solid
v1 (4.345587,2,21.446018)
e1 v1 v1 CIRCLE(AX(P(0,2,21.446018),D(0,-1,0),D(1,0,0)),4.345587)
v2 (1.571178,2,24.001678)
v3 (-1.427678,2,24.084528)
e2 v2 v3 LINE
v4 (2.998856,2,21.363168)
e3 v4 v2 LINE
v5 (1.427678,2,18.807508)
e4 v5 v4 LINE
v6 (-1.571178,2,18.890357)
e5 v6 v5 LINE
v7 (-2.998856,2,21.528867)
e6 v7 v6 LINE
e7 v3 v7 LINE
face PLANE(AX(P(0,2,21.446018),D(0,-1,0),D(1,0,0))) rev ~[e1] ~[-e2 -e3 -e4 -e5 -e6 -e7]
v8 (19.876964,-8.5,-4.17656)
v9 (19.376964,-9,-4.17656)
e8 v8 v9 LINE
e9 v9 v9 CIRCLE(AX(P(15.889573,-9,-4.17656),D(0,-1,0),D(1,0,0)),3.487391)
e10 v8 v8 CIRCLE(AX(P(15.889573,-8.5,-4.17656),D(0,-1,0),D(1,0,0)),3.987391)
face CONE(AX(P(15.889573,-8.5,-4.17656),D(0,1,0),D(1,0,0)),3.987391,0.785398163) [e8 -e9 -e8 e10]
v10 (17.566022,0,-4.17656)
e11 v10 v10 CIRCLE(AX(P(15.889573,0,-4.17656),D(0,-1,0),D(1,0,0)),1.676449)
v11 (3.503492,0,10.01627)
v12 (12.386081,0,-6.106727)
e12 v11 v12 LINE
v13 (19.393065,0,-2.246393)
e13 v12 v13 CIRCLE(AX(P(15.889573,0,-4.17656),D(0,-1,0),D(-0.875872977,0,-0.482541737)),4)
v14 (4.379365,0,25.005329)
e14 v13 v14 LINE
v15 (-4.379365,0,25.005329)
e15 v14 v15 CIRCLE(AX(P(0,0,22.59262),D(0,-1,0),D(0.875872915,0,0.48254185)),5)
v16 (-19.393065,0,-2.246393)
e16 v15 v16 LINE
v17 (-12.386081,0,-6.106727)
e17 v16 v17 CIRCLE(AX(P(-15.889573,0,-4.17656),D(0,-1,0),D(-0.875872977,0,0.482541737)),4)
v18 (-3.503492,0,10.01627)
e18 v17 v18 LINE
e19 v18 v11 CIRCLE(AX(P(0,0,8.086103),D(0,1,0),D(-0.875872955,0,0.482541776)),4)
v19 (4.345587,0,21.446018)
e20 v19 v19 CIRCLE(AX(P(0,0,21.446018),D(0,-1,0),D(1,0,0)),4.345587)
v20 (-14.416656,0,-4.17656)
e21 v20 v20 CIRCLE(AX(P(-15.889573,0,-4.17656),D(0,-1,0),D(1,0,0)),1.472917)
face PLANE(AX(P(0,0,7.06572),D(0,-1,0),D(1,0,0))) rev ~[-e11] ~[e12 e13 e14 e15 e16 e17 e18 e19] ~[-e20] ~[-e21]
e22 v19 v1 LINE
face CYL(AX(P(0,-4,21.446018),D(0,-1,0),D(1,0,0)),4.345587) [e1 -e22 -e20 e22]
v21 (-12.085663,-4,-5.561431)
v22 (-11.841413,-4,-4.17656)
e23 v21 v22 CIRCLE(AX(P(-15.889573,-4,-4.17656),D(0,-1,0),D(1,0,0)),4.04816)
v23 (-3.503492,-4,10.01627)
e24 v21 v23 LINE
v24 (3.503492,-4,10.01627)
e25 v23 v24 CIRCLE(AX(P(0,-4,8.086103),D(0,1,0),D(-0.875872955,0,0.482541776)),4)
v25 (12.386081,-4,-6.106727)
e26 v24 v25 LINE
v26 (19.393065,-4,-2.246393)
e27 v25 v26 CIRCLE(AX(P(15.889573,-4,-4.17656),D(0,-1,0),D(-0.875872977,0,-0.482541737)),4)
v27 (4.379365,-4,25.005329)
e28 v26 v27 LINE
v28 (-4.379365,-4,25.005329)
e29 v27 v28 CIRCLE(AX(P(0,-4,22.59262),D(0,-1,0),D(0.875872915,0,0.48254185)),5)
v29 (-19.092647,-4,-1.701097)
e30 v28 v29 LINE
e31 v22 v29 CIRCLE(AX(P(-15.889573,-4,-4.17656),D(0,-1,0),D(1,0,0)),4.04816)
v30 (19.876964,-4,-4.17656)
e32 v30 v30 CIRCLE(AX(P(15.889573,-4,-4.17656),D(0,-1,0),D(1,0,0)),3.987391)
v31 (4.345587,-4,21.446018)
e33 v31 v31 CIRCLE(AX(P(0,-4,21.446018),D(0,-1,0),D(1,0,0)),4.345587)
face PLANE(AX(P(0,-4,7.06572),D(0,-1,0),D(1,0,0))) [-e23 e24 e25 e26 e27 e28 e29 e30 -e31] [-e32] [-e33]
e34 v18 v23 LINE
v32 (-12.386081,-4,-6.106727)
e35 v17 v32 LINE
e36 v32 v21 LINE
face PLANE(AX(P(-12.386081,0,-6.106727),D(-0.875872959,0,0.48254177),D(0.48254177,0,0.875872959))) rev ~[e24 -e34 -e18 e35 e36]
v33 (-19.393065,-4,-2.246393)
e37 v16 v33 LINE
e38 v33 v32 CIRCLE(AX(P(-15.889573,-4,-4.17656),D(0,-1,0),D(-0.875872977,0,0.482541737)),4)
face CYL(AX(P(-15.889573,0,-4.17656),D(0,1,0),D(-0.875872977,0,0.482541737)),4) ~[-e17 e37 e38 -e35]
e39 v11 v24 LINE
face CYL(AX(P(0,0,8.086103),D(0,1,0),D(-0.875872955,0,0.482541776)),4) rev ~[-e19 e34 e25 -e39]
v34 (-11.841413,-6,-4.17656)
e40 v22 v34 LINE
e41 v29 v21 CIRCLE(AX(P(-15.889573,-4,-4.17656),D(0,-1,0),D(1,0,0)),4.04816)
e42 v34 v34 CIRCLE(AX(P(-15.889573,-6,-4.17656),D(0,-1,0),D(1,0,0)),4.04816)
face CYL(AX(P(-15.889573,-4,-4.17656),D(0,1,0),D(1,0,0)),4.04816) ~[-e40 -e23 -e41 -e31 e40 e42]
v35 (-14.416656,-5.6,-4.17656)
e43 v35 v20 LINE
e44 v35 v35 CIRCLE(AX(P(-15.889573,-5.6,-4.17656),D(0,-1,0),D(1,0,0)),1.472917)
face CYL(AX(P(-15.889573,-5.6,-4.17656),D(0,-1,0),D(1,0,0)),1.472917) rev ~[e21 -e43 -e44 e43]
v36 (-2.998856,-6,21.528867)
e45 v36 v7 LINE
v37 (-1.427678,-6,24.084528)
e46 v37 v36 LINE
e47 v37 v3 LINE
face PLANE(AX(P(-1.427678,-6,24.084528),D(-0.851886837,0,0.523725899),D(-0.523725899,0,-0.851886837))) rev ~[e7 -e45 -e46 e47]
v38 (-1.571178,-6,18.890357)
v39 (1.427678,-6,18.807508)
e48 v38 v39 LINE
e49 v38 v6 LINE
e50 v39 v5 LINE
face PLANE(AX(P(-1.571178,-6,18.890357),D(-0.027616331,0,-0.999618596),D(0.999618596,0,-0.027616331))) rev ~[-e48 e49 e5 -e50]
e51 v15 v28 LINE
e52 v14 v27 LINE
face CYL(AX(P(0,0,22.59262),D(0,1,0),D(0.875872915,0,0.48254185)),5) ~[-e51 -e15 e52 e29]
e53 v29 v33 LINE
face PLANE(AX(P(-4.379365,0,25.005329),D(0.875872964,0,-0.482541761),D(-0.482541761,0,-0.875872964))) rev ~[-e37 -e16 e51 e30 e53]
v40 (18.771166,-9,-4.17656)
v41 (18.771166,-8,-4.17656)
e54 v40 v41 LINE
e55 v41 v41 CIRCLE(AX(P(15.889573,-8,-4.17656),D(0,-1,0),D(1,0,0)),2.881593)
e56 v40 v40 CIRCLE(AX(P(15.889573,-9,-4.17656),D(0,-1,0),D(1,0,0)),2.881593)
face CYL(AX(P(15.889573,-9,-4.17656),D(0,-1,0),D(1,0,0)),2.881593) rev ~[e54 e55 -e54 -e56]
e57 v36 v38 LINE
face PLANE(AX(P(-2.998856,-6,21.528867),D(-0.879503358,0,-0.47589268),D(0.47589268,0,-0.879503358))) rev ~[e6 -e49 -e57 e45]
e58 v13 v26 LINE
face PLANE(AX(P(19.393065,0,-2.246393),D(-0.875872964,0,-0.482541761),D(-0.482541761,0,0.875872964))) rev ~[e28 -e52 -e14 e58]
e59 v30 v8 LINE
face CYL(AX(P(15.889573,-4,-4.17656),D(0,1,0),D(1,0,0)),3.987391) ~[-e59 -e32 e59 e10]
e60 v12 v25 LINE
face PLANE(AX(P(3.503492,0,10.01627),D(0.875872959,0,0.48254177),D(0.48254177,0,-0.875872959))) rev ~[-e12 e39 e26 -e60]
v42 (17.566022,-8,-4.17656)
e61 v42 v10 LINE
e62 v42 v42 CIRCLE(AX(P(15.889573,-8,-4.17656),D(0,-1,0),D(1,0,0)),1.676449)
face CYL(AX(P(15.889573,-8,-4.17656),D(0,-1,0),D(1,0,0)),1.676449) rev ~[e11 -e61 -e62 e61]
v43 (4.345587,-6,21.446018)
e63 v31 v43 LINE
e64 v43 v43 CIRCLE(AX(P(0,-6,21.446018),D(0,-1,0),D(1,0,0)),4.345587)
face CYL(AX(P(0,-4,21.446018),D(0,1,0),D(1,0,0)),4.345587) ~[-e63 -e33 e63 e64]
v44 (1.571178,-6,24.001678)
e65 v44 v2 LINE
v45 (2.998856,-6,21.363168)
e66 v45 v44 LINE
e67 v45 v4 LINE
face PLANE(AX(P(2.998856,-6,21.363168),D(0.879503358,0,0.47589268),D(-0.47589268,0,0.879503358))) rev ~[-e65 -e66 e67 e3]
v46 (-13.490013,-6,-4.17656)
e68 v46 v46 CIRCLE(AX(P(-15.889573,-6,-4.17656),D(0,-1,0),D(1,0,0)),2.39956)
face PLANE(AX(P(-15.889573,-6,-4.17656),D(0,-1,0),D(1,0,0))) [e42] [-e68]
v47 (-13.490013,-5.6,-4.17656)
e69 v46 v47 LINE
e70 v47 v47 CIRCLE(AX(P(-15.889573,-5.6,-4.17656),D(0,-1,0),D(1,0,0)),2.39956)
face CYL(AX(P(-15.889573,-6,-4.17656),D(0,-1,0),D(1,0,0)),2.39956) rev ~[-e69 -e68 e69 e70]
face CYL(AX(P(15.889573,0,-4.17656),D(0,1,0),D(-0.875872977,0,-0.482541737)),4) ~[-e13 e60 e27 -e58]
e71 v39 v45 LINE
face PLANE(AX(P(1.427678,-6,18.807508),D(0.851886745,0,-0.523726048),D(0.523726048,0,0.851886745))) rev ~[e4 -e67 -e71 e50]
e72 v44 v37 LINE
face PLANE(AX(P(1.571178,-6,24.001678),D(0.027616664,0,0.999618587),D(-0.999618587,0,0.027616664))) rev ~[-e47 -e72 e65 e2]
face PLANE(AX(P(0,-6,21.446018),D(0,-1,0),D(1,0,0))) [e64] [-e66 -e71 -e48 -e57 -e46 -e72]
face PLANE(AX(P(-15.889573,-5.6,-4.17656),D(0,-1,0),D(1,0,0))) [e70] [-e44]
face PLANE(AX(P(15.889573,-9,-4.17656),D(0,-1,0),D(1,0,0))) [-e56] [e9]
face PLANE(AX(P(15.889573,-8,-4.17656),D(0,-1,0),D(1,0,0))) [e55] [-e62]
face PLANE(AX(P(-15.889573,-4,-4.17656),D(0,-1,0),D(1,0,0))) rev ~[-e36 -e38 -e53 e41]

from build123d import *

# Parameters (mm, degrees)
F1_DEPTH      = 4
F2_R          = 4.345587
F3_DEPTH      = 2
F3_DEPTH_BACK = 6
F5_DEPTH      = 25
F6_R          = 4.04816
F7_DEPTH      = 2
F8_R          = 2.39956
F9_DEPTH      = 0.4
F10_R         = 1.472917
F11_DEPTH     = 25
F12_R         = 3.987391
F13_DEPTH     = 5
F14_R         = 2.881593
F15_DEPTH     = 1
F16_R         = 1.676449
F17_DEPTH     = 25
F18_SIZE      = 0.5


with BuildPart() as f1:
    # F0 (on Front) → F1 (new body)
    with BuildSketch(Plane.XZ):
        with BuildLine():
            Line((19.393065, -2.246393), (4.379365, 25.005329))
            ThreePointArc((4.379365, 25.005329), (0, 27.59262), (-4.379365, 25.005329))
            Line((-4.379365, 25.005329), (-19.393065, -2.246393))
            ThreePointArc((-19.393065, -2.246393), (-17.81974, -7.680052), (-12.386081, -6.106727))
            Line((-12.386081, -6.106727), (-3.503492, 10.01627))
            ThreePointArc((-3.503492, 10.01627), (0, 12.086103), (3.503492, 10.01627))
            Line((3.503492, 10.01627), (12.386081, -6.106727))
            ThreePointArc((12.386081, -6.106727), (17.81974, -7.680052), (19.393065, -2.246393))
        make_face()
    extrude(amount=F1_DEPTH)

    # F2 (on face) → F3 (join, two sides)
    with BuildSketch(Plane.XZ.offset(4)) as f3_sk:
        with Locations((0, 21.446018)):
            Circle(F2_R)
    extrude(amount=F3_DEPTH)
    extrude(f3_sk.sketch, amount=-F3_DEPTH_BACK)

    # F4 (on face) → F5 (cut)
    with BuildSketch(Plane.XZ.offset(6)):
        Polygon((-1.571178, 18.890357), (1.427678, 18.807508), (2.998856, 21.363168), (1.571178, 24.001678), (-1.427678, 24.084528), (-2.998856, 21.528867), align=None)
    extrude(amount=-F5_DEPTH, mode=Mode.SUBTRACT)

    # F6 (on face) → F7 (join)
    with BuildSketch(Plane.XZ.offset(4)):
        with Locations((-15.889573, -4.17656)):
            Circle(F6_R)
    extrude(amount=F7_DEPTH)

    # F8 (on face) → F9 (cut)
    with BuildSketch(Plane.XZ.offset(6)):
        with Locations((-15.889573, -4.17656)):
            Circle(F8_R)
    extrude(amount=-F9_DEPTH, mode=Mode.SUBTRACT)

    # F10 (on face) → F11 (cut)
    with BuildSketch(Plane.XZ.offset(5.6)):
        with Locations((-15.889573, -4.17656)):
            Circle(F10_R)
    extrude(amount=-F11_DEPTH, mode=Mode.SUBTRACT)

    # F12 (on face) → F13 (join)
    with BuildSketch(Plane.XZ.offset(4)):
        with Locations((15.889573, -4.17656)):
            Circle(F12_R)
    extrude(amount=F13_DEPTH)

    # F14 (on face) → F15 (cut)
    with BuildSketch(Plane.XZ.offset(9)):
        with Locations((15.889573, -4.17656)):
            Circle(F14_R)
    extrude(amount=-F15_DEPTH, mode=Mode.SUBTRACT)

    # F16 (on face) → F17 (cut)
    with BuildSketch(Plane.XZ.offset(8)):
        with Locations((15.889573, -4.17656)):
            Circle(F16_R)
    extrude(amount=-F17_DEPTH, mode=Mode.SUBTRACT)

    # F18
    f18_edges = [f1.edges().sort_by_distance(p)[0] for p in [
        (11.902182, -9, -4.17656),
    ]]
    chamfer(f18_edges, length=F18_SIZE)


solid = f1.part
